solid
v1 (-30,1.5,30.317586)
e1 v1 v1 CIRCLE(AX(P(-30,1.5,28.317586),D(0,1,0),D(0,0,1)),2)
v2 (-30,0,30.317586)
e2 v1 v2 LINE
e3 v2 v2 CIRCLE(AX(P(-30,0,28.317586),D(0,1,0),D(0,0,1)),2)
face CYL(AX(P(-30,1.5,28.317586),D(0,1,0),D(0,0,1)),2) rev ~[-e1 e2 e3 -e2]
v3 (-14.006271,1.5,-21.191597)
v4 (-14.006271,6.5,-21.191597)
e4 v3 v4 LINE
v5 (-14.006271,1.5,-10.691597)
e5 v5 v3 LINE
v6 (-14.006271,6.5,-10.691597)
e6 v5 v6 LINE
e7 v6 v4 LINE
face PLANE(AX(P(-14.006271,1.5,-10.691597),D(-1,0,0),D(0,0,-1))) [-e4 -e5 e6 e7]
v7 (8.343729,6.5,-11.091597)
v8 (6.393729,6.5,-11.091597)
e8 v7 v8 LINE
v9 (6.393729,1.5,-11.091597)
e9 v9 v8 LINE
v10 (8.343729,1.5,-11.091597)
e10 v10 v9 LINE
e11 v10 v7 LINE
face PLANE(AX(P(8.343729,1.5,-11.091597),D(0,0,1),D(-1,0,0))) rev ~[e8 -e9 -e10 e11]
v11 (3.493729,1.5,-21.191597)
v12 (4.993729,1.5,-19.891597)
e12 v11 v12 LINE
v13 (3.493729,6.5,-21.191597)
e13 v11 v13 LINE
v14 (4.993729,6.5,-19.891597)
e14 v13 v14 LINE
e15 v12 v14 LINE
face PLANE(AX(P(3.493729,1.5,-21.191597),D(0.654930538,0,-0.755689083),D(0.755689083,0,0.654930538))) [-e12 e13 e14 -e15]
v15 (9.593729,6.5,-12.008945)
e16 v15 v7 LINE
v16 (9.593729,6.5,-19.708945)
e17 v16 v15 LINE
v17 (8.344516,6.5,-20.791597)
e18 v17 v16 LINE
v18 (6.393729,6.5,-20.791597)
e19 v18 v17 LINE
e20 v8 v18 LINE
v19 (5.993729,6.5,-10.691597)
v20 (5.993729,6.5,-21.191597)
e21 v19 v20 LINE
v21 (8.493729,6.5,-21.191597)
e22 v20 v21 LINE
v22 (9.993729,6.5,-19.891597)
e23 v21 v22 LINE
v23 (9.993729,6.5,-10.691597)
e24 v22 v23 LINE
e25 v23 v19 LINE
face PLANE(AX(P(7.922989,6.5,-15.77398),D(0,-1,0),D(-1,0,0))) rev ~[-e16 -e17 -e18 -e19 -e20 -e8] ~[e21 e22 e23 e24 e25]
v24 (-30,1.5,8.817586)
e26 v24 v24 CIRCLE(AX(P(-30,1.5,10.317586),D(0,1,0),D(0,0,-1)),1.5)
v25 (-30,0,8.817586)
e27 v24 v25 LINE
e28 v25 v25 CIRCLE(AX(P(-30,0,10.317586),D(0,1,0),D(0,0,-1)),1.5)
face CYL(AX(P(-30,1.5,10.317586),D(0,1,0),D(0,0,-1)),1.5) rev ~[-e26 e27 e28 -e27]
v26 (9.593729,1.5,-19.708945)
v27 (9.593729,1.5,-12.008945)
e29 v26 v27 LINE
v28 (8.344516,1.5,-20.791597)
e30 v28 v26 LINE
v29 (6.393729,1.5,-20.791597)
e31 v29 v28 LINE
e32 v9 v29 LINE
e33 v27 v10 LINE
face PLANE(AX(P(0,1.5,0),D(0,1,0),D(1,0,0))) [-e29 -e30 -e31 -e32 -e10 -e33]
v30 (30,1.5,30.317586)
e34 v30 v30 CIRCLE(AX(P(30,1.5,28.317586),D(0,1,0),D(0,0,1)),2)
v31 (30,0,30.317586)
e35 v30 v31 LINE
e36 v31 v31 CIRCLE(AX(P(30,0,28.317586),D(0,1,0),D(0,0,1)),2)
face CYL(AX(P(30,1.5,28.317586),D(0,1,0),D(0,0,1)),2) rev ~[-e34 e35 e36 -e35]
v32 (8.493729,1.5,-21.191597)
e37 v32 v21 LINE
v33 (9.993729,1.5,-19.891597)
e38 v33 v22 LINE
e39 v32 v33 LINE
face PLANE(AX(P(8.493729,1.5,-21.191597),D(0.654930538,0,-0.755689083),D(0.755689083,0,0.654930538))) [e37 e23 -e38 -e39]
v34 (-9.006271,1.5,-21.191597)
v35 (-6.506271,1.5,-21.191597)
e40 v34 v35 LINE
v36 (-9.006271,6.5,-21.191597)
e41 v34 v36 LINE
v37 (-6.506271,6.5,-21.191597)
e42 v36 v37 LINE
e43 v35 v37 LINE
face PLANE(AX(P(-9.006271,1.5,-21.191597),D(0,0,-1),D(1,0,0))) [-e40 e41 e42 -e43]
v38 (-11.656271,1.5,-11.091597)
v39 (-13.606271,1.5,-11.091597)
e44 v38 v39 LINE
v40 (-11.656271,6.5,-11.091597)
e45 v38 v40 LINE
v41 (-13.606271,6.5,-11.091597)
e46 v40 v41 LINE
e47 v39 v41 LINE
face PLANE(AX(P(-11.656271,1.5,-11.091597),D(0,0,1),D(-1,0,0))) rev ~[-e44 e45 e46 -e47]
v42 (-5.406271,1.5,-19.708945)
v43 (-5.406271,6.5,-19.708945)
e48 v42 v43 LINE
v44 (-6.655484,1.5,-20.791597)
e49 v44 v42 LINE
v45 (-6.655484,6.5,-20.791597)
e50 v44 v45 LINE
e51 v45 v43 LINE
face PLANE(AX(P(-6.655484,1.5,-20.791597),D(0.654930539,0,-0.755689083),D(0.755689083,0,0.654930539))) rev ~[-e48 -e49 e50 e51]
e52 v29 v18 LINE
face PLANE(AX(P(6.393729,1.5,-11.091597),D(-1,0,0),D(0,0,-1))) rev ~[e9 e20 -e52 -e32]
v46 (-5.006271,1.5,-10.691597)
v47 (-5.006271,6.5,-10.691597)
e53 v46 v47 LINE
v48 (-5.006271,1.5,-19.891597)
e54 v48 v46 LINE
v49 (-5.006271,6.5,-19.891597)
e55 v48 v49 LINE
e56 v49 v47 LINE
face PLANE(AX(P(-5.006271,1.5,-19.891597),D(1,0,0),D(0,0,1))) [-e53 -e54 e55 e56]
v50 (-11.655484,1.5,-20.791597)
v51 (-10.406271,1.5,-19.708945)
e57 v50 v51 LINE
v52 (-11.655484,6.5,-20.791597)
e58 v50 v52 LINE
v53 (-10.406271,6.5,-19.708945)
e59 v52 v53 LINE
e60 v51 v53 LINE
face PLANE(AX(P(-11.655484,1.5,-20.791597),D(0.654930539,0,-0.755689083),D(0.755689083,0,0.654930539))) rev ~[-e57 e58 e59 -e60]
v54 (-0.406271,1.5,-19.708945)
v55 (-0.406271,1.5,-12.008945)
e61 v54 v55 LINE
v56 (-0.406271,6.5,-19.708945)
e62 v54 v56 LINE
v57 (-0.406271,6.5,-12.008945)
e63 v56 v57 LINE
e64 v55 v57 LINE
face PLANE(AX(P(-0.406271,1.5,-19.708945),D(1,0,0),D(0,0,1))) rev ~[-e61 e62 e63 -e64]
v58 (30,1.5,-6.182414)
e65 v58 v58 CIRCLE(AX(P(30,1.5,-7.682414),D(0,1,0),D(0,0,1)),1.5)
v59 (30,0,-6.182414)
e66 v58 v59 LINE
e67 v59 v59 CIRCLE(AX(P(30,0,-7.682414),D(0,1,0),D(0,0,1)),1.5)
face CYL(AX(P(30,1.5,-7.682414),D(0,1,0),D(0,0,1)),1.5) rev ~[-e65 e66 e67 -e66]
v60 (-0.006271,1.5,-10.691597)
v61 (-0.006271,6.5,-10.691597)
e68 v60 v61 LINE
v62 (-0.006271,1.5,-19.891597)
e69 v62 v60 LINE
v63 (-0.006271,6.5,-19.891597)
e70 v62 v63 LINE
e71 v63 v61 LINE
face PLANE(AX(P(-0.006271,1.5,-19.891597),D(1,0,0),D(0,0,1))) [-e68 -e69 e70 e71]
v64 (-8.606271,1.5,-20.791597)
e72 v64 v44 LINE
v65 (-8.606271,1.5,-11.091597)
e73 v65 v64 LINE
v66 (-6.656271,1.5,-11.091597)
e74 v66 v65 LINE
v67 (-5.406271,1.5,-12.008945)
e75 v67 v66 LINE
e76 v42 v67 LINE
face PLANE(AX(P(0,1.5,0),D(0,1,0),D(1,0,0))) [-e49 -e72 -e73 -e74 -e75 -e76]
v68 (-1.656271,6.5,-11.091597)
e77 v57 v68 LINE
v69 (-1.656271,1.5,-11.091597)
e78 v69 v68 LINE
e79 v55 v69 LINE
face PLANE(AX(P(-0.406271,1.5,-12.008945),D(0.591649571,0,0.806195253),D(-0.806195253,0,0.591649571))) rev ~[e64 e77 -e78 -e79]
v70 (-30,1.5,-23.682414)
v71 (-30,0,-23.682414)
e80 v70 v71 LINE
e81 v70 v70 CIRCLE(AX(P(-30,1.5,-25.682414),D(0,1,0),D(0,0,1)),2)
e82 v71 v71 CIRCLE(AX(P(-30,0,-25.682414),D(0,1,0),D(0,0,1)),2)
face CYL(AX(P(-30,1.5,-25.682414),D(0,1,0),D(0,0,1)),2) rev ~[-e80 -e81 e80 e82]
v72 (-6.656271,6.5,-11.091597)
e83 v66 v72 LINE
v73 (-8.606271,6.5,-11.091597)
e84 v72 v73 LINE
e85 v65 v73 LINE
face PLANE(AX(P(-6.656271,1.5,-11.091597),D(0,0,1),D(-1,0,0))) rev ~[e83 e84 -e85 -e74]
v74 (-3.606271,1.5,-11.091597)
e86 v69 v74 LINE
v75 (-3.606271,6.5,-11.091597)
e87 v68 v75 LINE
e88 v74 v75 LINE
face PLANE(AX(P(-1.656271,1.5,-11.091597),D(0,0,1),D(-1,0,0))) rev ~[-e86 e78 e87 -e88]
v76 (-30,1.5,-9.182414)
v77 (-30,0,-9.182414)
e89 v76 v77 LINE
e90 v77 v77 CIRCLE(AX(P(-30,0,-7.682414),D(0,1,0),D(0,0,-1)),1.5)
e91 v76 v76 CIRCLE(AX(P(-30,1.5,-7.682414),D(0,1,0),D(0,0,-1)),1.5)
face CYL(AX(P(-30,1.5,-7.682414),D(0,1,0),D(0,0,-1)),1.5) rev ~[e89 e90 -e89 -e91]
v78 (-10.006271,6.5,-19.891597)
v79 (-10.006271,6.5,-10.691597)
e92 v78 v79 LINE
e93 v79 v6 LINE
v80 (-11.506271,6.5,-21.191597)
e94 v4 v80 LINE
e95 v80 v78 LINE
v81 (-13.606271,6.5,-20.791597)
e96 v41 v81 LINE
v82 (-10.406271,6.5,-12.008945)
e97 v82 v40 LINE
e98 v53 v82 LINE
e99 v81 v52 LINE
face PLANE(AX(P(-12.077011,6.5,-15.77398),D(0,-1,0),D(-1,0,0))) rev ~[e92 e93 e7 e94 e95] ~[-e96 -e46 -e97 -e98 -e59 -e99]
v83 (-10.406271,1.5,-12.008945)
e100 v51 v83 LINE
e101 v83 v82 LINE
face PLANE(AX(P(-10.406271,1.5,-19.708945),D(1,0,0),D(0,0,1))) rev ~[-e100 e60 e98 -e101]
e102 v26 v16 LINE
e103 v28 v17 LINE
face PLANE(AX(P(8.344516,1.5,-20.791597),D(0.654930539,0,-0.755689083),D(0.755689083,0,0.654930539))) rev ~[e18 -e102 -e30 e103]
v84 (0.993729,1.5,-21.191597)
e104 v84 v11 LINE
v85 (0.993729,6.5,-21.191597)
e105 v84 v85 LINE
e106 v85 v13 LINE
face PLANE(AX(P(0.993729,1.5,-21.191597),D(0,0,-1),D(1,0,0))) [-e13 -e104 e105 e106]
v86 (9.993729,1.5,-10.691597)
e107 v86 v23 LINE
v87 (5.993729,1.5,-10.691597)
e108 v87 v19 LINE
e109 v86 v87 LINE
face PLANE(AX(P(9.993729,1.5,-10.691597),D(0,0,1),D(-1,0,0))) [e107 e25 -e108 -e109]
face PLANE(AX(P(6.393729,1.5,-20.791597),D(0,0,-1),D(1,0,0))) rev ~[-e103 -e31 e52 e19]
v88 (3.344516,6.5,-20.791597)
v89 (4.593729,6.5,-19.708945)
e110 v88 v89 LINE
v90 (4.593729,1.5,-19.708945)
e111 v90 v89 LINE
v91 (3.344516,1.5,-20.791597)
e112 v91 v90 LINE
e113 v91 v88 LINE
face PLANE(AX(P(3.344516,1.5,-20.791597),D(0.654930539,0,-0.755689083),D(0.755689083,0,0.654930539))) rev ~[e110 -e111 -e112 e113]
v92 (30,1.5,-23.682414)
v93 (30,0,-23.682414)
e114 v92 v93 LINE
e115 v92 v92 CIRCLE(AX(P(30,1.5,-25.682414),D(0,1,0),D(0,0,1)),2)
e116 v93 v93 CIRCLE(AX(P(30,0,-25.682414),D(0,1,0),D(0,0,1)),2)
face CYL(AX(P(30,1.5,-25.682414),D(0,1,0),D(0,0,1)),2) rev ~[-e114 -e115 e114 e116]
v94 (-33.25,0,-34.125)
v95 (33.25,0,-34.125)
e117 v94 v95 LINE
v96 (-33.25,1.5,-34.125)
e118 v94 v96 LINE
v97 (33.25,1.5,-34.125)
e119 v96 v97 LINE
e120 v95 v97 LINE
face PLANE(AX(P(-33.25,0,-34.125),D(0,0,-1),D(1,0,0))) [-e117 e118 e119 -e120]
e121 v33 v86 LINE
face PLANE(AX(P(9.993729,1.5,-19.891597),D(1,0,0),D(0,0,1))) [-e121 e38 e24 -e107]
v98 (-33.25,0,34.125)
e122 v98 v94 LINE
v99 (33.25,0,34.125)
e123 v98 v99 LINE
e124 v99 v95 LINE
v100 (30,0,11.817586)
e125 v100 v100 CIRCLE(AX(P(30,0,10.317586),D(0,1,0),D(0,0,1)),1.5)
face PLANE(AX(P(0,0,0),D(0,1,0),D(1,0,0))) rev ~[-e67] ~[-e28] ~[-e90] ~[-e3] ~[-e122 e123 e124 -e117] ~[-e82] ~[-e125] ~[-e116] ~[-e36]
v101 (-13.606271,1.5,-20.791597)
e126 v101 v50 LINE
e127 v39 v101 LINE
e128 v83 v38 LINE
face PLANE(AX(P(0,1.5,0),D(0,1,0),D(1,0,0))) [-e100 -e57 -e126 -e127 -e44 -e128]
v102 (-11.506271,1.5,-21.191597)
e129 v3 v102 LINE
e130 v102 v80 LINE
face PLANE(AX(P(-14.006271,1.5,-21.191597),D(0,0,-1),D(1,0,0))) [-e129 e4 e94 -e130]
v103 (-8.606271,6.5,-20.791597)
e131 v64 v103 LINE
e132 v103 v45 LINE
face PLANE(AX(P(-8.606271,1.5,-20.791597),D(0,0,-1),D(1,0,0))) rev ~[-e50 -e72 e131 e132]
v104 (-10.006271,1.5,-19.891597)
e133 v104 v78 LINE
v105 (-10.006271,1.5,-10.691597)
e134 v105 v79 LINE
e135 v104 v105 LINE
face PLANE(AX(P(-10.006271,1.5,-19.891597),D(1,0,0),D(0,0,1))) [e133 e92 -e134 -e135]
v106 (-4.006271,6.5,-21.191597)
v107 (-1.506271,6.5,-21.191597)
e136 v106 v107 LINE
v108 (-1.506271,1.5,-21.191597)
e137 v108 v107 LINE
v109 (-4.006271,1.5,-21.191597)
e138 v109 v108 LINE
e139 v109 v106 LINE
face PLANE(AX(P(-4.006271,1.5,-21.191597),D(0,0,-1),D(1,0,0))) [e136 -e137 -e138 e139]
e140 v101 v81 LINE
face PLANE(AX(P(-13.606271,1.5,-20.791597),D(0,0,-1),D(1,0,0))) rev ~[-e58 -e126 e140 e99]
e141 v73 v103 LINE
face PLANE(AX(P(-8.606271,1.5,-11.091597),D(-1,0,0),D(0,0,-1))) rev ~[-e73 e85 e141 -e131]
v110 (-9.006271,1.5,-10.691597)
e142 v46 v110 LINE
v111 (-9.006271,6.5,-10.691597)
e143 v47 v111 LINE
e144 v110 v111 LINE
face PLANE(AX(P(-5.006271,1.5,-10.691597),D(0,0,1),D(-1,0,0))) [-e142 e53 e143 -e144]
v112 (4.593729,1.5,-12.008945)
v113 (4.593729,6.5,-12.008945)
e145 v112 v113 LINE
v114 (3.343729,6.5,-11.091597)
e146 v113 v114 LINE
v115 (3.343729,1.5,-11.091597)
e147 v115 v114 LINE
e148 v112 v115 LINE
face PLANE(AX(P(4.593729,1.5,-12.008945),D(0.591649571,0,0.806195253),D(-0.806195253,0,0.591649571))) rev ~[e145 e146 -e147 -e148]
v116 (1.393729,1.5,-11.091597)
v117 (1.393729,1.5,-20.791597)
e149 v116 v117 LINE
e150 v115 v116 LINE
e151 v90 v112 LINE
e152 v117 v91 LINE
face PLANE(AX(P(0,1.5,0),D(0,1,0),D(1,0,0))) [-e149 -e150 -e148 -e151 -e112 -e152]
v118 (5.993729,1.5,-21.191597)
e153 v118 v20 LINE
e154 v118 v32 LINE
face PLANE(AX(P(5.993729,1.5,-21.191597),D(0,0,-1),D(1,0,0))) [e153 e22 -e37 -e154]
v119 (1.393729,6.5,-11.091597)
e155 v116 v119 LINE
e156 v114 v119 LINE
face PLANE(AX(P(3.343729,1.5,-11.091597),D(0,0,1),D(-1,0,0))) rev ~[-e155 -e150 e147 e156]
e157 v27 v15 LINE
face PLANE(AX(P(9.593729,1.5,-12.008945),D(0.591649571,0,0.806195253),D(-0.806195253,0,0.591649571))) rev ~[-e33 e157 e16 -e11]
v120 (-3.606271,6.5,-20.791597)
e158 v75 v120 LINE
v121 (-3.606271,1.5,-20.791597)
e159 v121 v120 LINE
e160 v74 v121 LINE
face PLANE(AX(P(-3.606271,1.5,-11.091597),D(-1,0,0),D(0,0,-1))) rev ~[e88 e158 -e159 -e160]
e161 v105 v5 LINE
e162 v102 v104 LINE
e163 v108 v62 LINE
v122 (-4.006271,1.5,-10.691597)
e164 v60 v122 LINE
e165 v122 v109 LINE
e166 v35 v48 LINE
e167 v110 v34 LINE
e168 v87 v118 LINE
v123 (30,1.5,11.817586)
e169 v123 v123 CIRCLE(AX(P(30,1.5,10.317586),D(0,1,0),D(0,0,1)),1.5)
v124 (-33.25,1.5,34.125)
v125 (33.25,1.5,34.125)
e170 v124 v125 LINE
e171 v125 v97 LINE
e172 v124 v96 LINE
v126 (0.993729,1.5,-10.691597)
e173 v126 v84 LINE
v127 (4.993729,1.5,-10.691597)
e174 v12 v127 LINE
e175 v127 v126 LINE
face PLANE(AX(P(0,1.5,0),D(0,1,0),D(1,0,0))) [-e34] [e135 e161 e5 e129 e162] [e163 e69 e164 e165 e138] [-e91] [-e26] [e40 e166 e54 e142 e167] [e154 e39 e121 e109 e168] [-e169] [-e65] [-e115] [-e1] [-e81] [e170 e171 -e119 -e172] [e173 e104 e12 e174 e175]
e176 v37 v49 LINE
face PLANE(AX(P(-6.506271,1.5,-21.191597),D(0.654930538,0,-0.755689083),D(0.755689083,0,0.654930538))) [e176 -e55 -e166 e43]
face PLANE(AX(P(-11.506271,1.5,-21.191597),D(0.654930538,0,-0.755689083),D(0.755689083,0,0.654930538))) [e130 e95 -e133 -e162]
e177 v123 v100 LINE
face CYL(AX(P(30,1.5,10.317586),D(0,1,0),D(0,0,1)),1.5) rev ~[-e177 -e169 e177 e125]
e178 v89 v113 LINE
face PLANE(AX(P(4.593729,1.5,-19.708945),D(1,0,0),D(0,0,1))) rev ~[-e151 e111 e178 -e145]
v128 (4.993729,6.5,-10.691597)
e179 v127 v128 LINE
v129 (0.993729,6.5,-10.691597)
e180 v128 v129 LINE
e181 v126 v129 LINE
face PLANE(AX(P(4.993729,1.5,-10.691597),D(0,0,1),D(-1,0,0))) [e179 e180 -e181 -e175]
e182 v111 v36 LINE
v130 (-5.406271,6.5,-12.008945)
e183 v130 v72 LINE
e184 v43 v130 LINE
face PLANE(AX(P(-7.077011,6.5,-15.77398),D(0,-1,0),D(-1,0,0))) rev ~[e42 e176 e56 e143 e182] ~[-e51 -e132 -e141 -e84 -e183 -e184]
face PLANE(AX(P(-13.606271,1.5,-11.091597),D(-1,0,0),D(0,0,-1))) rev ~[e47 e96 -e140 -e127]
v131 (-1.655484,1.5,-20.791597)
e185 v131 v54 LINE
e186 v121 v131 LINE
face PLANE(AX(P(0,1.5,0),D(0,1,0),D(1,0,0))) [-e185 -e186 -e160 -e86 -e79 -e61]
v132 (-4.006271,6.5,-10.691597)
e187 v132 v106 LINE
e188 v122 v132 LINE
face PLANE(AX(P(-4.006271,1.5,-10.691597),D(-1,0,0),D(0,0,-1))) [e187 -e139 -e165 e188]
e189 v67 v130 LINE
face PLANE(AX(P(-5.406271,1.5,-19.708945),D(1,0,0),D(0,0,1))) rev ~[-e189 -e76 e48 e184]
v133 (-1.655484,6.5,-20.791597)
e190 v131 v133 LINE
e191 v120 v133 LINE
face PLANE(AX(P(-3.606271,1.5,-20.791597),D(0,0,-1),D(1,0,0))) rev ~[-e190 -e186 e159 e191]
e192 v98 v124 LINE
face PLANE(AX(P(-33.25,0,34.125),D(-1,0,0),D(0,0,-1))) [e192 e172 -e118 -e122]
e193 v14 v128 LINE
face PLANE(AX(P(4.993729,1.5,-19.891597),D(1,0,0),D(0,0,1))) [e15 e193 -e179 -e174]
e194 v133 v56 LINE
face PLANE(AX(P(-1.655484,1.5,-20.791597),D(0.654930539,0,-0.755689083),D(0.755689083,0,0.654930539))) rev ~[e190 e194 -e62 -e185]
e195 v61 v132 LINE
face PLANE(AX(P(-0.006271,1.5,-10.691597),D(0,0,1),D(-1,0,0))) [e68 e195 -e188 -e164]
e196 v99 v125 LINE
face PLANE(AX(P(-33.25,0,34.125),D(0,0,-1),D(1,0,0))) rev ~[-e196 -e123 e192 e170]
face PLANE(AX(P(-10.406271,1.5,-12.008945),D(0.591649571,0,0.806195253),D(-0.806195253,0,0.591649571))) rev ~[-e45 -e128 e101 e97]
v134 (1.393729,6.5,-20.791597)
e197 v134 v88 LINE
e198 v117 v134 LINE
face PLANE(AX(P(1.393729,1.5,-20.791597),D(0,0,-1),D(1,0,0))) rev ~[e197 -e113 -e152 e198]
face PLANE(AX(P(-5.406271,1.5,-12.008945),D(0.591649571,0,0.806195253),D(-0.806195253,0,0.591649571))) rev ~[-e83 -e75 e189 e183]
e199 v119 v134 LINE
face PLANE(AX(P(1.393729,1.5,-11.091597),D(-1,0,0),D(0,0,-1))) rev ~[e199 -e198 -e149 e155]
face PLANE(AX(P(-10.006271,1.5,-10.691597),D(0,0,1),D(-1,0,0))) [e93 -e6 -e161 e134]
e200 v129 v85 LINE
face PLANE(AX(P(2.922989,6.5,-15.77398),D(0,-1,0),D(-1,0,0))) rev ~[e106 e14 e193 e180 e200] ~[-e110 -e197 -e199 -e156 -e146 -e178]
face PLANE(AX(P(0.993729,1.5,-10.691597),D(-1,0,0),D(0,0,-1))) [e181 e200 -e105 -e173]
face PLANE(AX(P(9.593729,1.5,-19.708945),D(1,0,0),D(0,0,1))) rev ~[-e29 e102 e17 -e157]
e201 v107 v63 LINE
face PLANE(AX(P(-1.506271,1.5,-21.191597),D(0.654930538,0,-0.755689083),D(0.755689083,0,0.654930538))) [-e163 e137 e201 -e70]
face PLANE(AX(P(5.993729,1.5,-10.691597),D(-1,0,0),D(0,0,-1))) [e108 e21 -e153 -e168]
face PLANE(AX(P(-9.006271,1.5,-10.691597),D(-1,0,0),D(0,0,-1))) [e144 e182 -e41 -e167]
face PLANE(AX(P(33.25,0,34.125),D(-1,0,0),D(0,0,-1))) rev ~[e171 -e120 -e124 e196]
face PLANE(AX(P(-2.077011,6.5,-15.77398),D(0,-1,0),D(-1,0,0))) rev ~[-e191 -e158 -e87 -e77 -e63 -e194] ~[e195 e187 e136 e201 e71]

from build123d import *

# Parameters (mm, degrees)
SKETCH1_W           = 66.5
SKETCH1_H           = 68.25
BOSS_EXTRUDE1_DEPTH = 1.5
SKETCH3_R           = 2
SKETCH3_R_2         = 1.5
CUT_EXTRUDE1_DEPTH  = 48.668942982
BOSS_EXTRUDE2_DEPTH = 5


with BuildPart() as part:
    # Sketch1 → Boss-Extrude1 (new body)
    with BuildSketch(Plane(origin=(0, 0, 0), x_dir=(1, 0, 0), z_dir=(0, 1, 0))):
        Rectangle(SKETCH1_W, SKETCH1_H)
    extrude(amount=BOSS_EXTRUDE1_DEPTH)

    # Sketch3 → Cut-Extrude1 (cut, through all)
    with BuildSketch(Plane(origin=(0, 1.5, 0), x_dir=(1, 0, 0), z_dir=(0, 1, 0))):
        with Locations(Location((-30, -28.317585536, 0), (0, 0, 270))):
            Circle(SKETCH3_R)
        with Locations(Location((30, -28.317585536, 0), (0, 0, 270))):
            Circle(SKETCH3_R)
        with Locations(Location((30, 25.682414464, 0), (0, 0, 270))):
            Circle(SKETCH3_R)
        with Locations(Location((-30, 25.682414464, 0), (0, 0, 270))):
            Circle(SKETCH3_R)
        with Locations(Location((30, 7.682414464, 0), (0, 0, 270))):
            Circle(SKETCH3_R_2)
        with Locations(Location((30, -10.317585536, 0), (0, 0, 270))):
            Circle(SKETCH3_R_2)
        with Locations(Location((-30, -10.317585536, 0), (0, 0, 90))):
            Circle(SKETCH3_R_2)
        with Locations(Location((-30, 7.682414464, 0), (0, 0, 90))):
            Circle(SKETCH3_R_2)
    extrude(amount=-CUT_EXTRUDE1_DEPTH, mode=Mode.SUBTRACT)

    # Sketch5 → Boss-Extrude2 (add)
    # profile 1 of 5: a face of its own
    with BuildSketch(Plane(origin=(0, 1.5, 0), x_dir=(1, 0, 0), z_dir=(0, 1, 0))):
        Polygon((-14.006270714, 21.19159661), (-11.506270714, 21.19159661), (-10.006270714, 19.89159661), (-10.006270714, 10.69159661), (-14.006270714, 10.69159661), align=None)
        Polygon((-10.406270714, 19.708945057), (-10.406270714, 12.008945057), (-11.656270714, 11.09159661), (-13.606270714, 11.09159661), (-13.606270714, 20.79159661), (-11.655484044, 20.79159661), align=None, mode=Mode.SUBTRACT)
    # profile 2 of 5: a face of its own
    with BuildSketch(Plane(origin=(0, 1.5, 0), x_dir=(1, 0, 0), z_dir=(0, 1, 0))):
        Polygon((-9.006270714, 21.19159661), (-6.506270714, 21.19159661), (-5.006270714, 19.89159661), (-5.006270714, 10.69159661), (-9.006270714, 10.69159661), align=None)
        Polygon((-5.406270714, 19.708945057), (-5.406270714, 12.008945057), (-6.656270714, 11.09159661), (-8.606270714, 11.09159661), (-8.606270714, 20.79159661), (-6.655484044, 20.79159661), align=None, mode=Mode.SUBTRACT)
    # profile 3 of 5: a face of its own
    with BuildSketch(Plane(origin=(0, 1.5, 0), x_dir=(1, 0, 0), z_dir=(0, 1, 0))):
        Polygon((-4.006270714, 21.19159661), (-1.506270714, 21.19159661), (-0.006270714, 19.89159661), (-0.006270714, 10.69159661), (-4.006270714, 10.69159661), align=None)
        Polygon((-0.406270714, 19.708945057), (-0.406270714, 12.008945057), (-1.656270714, 11.09159661), (-3.606270714, 11.09159661), (-3.606270714, 20.79159661), (-1.655484044, 20.79159661), align=None, mode=Mode.SUBTRACT)
    # profile 4 of 5: a face of its own
    with BuildSketch(Plane(origin=(0, 1.5, 0), x_dir=(1, 0, 0), z_dir=(0, 1, 0))):
        Polygon((0.993729286, 21.19159661), (3.493729286, 21.19159661), (4.993729286, 19.89159661), (4.993729286, 10.69159661), (0.993729286, 10.69159661), align=None)
        Polygon((4.593729286, 19.708945057), (4.593729286, 12.008945057), (3.343729286, 11.09159661), (1.393729286, 11.09159661), (1.393729286, 20.79159661), (3.344515956, 20.79159661), align=None, mode=Mode.SUBTRACT)
    # profile 5 of 5: a face of its own
    with BuildSketch(Plane(origin=(0, 1.5, 0), x_dir=(1, 0, 0), z_dir=(0, 1, 0))):
        Polygon((5.993729286, 21.19159661), (8.493729286, 21.19159661), (9.993729286, 19.89159661), (9.993729286, 10.69159661), (5.993729286, 10.69159661), align=None)
        Polygon((9.593729286, 19.708945057), (9.593729286, 12.008945057), (8.343729286, 11.09159661), (6.393729286, 11.09159661), (6.393729286, 20.79159661), (8.344515956, 20.79159661), align=None, mode=Mode.SUBTRACT)
    extrude(amount=BOSS_EXTRUDE2_DEPTH)


solid = part.part
